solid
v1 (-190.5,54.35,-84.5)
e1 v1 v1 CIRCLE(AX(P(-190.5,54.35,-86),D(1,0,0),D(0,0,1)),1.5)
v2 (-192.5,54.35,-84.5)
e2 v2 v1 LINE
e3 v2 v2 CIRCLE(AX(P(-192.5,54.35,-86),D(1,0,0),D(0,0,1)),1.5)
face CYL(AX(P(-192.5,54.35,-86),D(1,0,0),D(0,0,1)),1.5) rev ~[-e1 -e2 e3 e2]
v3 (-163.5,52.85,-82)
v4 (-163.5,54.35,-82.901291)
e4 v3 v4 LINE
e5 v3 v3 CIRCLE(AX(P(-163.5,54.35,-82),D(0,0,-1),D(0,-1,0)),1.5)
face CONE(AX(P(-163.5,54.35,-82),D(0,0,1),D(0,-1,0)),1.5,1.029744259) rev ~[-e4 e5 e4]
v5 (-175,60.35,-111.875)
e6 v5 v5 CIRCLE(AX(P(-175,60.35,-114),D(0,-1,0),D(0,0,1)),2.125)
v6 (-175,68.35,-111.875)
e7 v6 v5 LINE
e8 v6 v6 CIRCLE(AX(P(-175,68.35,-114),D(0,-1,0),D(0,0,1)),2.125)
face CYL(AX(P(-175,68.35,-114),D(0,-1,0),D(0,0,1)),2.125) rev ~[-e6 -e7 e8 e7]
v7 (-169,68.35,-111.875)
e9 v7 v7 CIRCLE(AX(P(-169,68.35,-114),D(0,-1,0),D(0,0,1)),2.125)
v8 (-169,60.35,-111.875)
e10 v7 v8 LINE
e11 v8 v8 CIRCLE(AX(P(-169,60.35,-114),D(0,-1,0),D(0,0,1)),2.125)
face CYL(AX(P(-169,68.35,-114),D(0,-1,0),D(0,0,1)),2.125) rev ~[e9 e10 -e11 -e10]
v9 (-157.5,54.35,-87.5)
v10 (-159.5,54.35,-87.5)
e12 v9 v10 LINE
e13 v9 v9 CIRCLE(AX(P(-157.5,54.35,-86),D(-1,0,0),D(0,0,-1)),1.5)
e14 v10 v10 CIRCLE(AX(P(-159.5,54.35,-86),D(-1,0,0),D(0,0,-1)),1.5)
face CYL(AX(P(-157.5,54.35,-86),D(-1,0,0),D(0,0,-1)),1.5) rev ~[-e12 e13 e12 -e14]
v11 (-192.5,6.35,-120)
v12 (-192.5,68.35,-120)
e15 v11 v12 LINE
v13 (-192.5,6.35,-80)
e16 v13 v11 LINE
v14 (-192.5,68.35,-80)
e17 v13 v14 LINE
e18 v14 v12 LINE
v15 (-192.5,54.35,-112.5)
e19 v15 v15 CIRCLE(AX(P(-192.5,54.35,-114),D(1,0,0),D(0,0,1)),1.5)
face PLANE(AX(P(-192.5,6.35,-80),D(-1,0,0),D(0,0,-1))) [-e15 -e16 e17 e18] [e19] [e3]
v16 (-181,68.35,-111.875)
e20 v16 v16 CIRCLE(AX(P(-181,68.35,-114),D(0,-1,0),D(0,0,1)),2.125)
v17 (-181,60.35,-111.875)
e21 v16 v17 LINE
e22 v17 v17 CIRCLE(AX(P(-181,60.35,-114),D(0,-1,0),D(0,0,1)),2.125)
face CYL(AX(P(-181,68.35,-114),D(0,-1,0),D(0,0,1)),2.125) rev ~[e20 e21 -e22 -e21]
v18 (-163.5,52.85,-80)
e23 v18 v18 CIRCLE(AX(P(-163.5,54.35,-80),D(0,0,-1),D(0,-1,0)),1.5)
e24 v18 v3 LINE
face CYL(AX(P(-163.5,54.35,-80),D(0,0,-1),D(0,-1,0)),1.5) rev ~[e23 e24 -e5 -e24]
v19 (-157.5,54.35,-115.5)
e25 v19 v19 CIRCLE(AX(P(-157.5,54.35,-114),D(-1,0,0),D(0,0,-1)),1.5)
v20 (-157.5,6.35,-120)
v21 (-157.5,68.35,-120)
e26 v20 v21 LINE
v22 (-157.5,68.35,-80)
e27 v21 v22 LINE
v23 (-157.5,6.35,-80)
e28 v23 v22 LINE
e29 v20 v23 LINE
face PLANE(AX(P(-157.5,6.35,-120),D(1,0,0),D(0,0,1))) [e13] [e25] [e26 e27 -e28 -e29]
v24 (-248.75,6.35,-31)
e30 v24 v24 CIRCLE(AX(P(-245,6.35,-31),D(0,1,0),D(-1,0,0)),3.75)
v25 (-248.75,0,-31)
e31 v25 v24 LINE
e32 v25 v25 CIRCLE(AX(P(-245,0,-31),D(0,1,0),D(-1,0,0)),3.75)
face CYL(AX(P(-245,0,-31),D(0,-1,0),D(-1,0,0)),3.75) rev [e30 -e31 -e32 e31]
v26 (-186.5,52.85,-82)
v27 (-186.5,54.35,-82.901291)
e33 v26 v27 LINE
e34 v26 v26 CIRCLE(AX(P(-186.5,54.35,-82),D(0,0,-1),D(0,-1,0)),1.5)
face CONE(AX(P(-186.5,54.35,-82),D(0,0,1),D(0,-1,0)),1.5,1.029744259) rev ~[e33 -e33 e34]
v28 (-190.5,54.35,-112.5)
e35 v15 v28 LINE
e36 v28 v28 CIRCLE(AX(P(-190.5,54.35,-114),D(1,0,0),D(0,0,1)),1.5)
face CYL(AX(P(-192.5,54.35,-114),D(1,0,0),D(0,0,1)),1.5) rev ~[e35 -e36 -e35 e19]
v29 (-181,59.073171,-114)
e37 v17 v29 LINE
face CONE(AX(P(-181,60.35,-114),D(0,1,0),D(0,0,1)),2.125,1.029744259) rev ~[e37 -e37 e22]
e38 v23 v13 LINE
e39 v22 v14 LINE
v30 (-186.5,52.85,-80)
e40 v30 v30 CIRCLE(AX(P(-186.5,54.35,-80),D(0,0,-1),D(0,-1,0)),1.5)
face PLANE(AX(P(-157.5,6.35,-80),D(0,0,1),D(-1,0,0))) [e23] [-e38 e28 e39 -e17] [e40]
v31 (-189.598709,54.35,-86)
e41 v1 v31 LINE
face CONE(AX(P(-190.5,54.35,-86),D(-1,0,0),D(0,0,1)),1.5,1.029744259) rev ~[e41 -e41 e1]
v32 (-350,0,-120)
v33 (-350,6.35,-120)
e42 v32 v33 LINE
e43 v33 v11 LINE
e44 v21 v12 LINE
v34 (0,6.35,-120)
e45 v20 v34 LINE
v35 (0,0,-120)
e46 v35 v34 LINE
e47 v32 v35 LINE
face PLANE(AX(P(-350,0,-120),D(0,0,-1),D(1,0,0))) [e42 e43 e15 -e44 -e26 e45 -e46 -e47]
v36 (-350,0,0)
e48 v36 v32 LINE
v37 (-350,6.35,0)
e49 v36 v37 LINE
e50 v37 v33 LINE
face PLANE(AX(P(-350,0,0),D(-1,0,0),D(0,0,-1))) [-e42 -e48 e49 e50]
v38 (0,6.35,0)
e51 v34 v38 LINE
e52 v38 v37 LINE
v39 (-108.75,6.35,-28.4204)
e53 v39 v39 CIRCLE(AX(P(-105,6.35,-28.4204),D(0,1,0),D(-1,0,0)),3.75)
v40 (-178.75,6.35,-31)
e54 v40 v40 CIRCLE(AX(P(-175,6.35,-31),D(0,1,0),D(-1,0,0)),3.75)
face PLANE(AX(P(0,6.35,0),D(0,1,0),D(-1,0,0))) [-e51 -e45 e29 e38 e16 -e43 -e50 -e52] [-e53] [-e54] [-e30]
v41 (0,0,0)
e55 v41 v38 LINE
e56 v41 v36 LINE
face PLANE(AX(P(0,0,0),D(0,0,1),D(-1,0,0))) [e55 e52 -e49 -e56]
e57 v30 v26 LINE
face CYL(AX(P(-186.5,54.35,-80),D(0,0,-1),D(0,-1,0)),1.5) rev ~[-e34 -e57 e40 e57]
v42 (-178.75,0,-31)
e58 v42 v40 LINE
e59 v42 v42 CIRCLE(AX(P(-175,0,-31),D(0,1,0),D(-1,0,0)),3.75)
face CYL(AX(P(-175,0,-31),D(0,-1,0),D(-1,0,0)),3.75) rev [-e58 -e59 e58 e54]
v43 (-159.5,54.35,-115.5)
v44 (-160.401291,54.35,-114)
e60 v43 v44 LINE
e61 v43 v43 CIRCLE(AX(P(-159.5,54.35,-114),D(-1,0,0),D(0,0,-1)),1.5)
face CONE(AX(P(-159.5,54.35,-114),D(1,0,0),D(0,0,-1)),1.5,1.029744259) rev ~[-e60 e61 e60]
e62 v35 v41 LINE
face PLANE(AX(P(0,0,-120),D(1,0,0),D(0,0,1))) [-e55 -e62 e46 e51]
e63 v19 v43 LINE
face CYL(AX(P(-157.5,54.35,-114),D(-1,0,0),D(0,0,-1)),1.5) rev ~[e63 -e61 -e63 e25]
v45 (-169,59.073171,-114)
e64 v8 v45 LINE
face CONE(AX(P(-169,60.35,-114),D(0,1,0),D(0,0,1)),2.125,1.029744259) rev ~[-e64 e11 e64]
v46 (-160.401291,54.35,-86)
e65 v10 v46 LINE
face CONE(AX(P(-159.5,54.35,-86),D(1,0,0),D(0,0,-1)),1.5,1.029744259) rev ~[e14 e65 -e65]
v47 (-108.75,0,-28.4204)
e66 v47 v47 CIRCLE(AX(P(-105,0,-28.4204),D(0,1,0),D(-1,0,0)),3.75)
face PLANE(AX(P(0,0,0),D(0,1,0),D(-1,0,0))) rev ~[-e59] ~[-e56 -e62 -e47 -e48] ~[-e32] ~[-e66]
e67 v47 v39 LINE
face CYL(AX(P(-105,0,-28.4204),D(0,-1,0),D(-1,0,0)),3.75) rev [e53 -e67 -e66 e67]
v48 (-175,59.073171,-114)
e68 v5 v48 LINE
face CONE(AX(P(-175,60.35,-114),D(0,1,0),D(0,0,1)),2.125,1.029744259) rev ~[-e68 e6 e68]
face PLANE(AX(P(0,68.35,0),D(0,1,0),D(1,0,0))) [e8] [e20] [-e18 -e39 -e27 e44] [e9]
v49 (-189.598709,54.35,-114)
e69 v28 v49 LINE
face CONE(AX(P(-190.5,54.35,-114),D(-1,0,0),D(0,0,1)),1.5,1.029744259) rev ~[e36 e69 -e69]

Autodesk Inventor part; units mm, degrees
ref_plane "YZ Plane" through (0, 0, 0) normal (1, 0, 0) x (0, 1, 0)
ref_plane "XZ Plane" through (0, 0, 0) normal (0, 1, 0) x (-1, 0, 0)
ref_plane "XY Plane" through (0, 0, 0) normal (0, 0, 1) x (1, 0, 0)
sketch "Sketch1" plane through (0, 0, 0) normal (0, 1, 0) x (-1, 0, 0)
  line L0 (0, 0) -> (350, 0)
  line L1 (350, 0) -> (350, -120)
  line L2 (350, -120) -> (0, -120)
  line L3 (0, -120) -> (0, 0)
  circle A0 centre (175, -31) radius 3.75
  circle A1 centre (245, -31) radius 3.75
  circle A2 centre (105, -28.4204) radius 3.75
  dimension "d0" = 350
  dimension "d1" = 120
  dimension "d2" = 7.5
  dimension "d3" = 31
  dimension "d4" = 7.5
  dimension "d5" = 7.5
  dimension "d6" = 70
  dimension "d7" = 70
extrude "Extrusion1" add sketch "Sketch1" along normal blind 6.35
sketch "Sketch2" plane through (0, 6.35, 0) normal (0, 1, 0) x (1, 0, 0)
  line L0 (0, 120) -> (-350, 120) projected
  line L1 (-192.5, 120) -> (-157.5, 120)
  line L2 (-157.5, 120) -> (-157.5, 80)
  line L3 (-157.5, 80) -> (-192.5, 80)
  line L4 (-192.5, 80) -> (-192.5, 120)
  line L5 (0, 0) -> (0, 120) projected
  dimension "d10" = 35
  dimension "d11" = 40
  dimension "d12" = 157.5
extrude "Extrusion2" add sketch "Sketch2" along normal blind 62
sketch "Sketch3" plane through (0, 68.35, 0) normal (0, 1, 0) x (1, 0, 0)
  circle A0 centre (-175, 114) radius 2.125
  line L0 (-157.5, 120) -> (-192.5, 120) projected
  circle A1 centre (-169, 114) radius 2.125
  circle A2 centre (-181, 114) radius 2.125
  point P0 (0, 0)
  dimension "d15" = 4.25
  dimension "d16" = 6
  dimension "d17" = 4.25
  dimension "d18" = 6
  dimension "d19" = 4.25
  dimension "d20" = 6
hole "Hole1" at (-181, 68.35, -114) at (-175, 68.35, -114) at (-169, 68.35, -114) direction (0, -1, 0) diameter 4.25 depth 8 tip angle 118
sketch "Sketch4" plane through (-192.5, 6.35, -120) normal (-1, 0, 0) x (0, 0, 1)
  point P0 (120, -6.35)
sketch "Sketch5" plane through (-192.5, 6.35, -120) normal (-1, 0, 0) x (0, 0, 1)
  line L0 (0, 0) -> (0, 62) projected
  line L1 (0, 42) -> (40, 42)
  line L2 (40, 0) -> (40, 62) projected
  line L3 (0, 62) -> (40, 62) projected
  circle A0 centre (6, 48) radius 1.5
  circle A1 centre (34, 48) radius 1.5
  point P0 (120, -6.35)
  dimension "d28" = 20
  dimension "d29" = 3
  dimension "d30" = 3
  dimension "d31" = 6
  dimension "d32" = 6
  dimension "d33" = 6
  dimension "d34" = 6
hole "Hole2" at (-192.5, 54.35, -86) at (-192.5, 54.35, -114) direction (1, 0, 0) diameter 3 depth 2 tip angle 118
sketch "Sketch6" plane through (-192.5, 6.35, -80) normal (0, 0, 1) x (1, 0, 0)
  line L0 (0, 42) -> (35, 42)
  line L1 (0, 62) -> (35, 62) projected
  circle A0 centre (6, 48) radius 1.5
  line L2 (0, 0) -> (0, 62) projected
  circle A1 centre (29, 48) radius 1.5
  line L3 (35, 0) -> (35, 62) projected
  point P0 (192.5, -6.35)
  dimension "d42" = 20
  dimension "d43" = 3
  dimension "d44" = 6
  dimension "d45" = 6
  dimension "d46" = 3
  dimension "d47" = 6
  dimension "d48" = 6
hole "Hole3" at (-186.5, 54.35, -80) at (-163.5, 54.35, -80) direction (0, 0, -1) diameter 3 depth 2 tip angle 118
sketch "Sketch7" plane through (-157.5, 6.35, -80) normal (1, 0, 0) x (0, 0, -1)
  circle A0 centre (6, 48) radius 1.5 projected
  circle A1 centre (6, 48) radius 1.5
  circle A2 centre (34, 48) radius 1.5 projected
  circle A3 centre (34, 48) radius 1.5
  point P0 (-80, -6.35)
  dimension "d56" = 3
  dimension "d57" = 3
hole "Hole4" at (-157.5, 54.35, -86) at (-157.5, 54.35, -114) direction (-1, 0, 0) diameter 3 depth 2 tip angle 118
properties part number "Base" material "Wood (Birch)"
